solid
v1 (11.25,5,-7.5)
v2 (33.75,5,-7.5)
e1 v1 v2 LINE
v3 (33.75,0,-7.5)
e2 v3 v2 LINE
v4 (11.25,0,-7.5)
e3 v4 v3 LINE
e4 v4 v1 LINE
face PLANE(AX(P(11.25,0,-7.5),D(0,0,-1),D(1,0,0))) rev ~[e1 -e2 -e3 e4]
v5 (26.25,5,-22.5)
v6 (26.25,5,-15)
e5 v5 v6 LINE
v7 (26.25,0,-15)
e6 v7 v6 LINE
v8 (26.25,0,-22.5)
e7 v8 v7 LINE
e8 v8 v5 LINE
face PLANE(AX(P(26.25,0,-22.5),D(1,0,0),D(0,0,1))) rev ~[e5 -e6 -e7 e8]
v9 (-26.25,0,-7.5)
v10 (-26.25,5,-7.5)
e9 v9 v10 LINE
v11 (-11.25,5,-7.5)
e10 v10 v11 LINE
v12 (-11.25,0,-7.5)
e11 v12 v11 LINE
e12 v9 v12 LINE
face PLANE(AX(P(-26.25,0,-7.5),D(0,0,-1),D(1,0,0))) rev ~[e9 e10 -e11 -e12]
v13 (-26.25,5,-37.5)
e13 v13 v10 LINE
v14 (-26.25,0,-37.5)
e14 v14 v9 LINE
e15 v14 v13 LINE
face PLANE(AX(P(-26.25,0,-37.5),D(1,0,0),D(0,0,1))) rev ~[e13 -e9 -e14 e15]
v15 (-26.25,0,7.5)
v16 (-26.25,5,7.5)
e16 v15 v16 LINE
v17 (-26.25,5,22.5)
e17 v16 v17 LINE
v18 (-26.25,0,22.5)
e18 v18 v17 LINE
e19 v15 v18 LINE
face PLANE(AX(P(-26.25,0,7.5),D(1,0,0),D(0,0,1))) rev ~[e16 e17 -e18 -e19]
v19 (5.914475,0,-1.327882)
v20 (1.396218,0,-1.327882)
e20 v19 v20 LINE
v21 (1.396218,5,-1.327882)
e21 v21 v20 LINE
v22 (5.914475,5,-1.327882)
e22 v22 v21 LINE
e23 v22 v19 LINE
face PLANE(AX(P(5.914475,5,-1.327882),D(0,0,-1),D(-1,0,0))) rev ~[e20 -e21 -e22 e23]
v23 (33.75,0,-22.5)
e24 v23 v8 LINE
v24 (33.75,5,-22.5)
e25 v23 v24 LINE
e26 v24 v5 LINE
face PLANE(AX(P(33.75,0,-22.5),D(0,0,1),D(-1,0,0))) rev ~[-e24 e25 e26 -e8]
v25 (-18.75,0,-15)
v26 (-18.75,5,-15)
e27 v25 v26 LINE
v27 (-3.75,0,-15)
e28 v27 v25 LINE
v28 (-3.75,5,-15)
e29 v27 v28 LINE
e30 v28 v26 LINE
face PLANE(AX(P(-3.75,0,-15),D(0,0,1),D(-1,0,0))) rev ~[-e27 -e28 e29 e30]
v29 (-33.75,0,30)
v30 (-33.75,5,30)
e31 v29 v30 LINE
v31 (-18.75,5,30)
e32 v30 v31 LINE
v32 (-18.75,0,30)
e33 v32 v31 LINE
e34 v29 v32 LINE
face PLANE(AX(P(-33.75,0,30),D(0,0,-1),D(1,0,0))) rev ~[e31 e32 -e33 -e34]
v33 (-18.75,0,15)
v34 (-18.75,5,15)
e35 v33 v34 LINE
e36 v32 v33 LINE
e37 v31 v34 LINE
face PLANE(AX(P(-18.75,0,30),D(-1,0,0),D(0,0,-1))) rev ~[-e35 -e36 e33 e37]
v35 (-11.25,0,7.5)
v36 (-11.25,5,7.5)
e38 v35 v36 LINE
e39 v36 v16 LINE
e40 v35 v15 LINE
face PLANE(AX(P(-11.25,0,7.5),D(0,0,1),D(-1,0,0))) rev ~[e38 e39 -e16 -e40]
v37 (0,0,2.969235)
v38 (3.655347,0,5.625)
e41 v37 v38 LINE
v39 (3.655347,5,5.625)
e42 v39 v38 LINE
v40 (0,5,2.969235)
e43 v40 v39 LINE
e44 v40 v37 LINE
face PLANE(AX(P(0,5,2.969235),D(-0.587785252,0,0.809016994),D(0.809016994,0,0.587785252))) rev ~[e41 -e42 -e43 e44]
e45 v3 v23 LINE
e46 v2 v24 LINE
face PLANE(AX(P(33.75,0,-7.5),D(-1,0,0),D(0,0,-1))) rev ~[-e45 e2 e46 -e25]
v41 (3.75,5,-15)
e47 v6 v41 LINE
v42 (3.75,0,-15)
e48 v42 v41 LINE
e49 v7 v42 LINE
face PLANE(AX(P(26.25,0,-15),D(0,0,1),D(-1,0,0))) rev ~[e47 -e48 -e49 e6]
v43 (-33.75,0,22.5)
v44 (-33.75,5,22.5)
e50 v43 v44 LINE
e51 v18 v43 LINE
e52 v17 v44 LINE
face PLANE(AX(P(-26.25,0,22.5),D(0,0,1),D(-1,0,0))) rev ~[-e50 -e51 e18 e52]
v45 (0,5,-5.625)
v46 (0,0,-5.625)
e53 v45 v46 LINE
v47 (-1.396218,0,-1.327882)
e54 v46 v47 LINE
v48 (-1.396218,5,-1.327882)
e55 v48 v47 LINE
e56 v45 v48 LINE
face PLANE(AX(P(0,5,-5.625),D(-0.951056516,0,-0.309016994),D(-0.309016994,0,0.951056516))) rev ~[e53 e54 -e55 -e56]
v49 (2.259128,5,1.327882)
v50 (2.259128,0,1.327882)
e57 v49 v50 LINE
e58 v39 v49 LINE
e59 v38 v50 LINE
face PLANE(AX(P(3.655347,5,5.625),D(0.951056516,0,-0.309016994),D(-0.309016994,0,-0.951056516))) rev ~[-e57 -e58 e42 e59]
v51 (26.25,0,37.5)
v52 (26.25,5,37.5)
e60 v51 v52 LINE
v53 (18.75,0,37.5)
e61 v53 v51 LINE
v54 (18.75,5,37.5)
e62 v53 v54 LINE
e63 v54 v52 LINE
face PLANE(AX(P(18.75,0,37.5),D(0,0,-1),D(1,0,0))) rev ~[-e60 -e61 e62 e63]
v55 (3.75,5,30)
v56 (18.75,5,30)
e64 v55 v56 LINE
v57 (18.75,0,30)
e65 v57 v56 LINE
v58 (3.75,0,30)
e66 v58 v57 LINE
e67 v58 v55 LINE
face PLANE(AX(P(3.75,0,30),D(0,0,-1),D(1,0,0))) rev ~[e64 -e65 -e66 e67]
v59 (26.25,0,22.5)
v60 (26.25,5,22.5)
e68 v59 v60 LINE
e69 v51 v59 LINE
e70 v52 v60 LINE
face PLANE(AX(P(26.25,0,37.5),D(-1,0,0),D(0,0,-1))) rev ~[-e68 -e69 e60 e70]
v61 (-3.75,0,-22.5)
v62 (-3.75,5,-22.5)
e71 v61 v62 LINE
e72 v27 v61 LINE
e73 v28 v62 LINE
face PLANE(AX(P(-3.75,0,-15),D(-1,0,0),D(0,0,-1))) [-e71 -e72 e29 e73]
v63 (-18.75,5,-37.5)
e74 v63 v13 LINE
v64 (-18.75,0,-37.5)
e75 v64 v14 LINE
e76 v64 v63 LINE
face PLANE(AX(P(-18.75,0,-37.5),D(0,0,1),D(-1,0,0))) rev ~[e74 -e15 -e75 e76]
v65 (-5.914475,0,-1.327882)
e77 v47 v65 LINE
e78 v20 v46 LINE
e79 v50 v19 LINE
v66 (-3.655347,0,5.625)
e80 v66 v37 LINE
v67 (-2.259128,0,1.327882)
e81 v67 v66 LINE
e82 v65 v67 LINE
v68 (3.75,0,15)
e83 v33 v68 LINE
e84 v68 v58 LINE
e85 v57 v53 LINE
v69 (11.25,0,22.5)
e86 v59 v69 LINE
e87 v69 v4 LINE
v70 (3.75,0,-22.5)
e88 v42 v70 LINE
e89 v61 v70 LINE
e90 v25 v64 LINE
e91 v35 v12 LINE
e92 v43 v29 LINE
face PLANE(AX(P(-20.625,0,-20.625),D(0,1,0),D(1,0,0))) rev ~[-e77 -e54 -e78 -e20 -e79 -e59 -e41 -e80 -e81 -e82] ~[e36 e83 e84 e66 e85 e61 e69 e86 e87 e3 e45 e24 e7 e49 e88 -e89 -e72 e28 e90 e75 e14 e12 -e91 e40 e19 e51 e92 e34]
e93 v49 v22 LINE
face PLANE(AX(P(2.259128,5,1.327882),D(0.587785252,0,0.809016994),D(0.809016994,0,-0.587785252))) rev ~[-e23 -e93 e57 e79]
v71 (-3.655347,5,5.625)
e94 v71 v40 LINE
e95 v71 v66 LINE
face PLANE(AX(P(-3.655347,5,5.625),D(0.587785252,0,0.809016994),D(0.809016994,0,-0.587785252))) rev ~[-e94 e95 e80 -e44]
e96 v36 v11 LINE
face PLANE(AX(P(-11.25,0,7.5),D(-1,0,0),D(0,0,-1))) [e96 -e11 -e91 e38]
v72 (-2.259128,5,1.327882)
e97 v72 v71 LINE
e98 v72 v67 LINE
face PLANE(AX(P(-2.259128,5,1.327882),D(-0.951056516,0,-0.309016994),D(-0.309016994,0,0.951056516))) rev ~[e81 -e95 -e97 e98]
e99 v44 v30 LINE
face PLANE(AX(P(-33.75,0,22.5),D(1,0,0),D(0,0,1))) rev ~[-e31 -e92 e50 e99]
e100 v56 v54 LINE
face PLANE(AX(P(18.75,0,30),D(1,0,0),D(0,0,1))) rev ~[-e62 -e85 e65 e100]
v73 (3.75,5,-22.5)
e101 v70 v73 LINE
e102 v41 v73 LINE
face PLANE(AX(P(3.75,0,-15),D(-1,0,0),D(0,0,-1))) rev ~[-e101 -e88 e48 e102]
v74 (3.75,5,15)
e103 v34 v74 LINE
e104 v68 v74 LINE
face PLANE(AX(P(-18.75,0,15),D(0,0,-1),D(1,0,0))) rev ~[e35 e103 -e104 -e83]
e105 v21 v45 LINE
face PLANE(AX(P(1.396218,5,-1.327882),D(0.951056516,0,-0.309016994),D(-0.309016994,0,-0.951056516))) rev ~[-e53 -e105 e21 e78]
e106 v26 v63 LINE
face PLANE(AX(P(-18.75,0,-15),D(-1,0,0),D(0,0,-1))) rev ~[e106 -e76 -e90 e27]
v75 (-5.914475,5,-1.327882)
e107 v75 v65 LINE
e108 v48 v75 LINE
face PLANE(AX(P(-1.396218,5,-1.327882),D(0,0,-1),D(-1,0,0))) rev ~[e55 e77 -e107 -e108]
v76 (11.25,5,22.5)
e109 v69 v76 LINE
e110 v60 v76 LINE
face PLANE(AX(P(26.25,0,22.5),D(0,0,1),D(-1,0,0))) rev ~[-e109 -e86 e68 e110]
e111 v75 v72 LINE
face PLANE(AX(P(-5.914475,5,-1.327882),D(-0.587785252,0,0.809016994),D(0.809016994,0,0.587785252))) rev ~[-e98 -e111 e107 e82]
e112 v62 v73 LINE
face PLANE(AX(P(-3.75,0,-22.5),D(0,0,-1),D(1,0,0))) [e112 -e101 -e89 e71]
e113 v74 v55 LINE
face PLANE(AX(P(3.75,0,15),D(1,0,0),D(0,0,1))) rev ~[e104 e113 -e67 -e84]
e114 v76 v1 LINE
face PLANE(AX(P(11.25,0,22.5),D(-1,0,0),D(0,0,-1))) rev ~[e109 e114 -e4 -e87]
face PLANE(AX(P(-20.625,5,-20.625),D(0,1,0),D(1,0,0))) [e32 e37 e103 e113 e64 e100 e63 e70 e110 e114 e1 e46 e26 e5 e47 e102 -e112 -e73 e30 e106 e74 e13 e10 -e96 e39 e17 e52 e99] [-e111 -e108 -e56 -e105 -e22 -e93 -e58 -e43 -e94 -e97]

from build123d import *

# Parameters (mm, degrees)
SKETCH1_W           = 22.5
SKETCH1_H           = 30
SKETCH1_W_2         = 7.5
SKETCH1_H_2         = 7.5
BOSS_EXTRUDE1_DEPTH = 5
CUT_EXTRUDE1_DEPTH  = 51.698249477


with BuildPart() as part:
    # Sketch1 → Boss-Extrude1 (new body)
    with BuildSketch(Plane(origin=(0, 0, 0), x_dir=(1, 0, 0), z_dir=(0, 1, 0))):
        Polygon((-11.25, 7.5), (-11.25, 15), (-18.75, 15), (-18.75, 37.5), (-26.25, 37.5), (-26.25, 7.5), align=None)
        Rectangle(SKETCH1_W, SKETCH1_H)
        with Locations((0, 18.75)):
            Rectangle(SKETCH1_W_2, SKETCH1_H_2)
        Polygon((26.25, 15), (11.25, 15), (11.25, 7.5), (33.75, 7.5), (33.75, 22.5), (26.25, 22.5), align=None)
        Polygon((11.25, -22.5), (11.25, -15), (3.75, -15), (3.75, -30), (18.75, -30), (18.75, -37.5), (26.25, -37.5), (26.25, -22.5), align=None)
        Polygon((-18.75, -15), (-11.25, -15), (-11.25, -7.5), (-26.25, -7.5), (-26.25, -22.5), (-33.75, -22.5), (-33.75, -30), (-18.75, -30), align=None)
    extrude(amount=BOSS_EXTRUDE1_DEPTH)

    # Sketch2 → Cut-Extrude1 (cut, through all)
    with BuildSketch(Plane(origin=(0, 5, 0), x_dir=(1, 0, 0), z_dir=(0, 1, 0))):
        Polygon((0, 5.625), (-1.396218154, 1.327882373), (-5.914475011, 1.327882373), (-2.259128429, -1.327882373), (-3.655346583, -5.625), (0, -2.969235253), (3.655346583, -5.625), (2.259128429, -1.327882373), (5.914475011, 1.327882373), (1.396218154, 1.327882373), align=None)
    extrude(amount=-CUT_EXTRUDE1_DEPTH, mode=Mode.SUBTRACT)


solid = part.part
